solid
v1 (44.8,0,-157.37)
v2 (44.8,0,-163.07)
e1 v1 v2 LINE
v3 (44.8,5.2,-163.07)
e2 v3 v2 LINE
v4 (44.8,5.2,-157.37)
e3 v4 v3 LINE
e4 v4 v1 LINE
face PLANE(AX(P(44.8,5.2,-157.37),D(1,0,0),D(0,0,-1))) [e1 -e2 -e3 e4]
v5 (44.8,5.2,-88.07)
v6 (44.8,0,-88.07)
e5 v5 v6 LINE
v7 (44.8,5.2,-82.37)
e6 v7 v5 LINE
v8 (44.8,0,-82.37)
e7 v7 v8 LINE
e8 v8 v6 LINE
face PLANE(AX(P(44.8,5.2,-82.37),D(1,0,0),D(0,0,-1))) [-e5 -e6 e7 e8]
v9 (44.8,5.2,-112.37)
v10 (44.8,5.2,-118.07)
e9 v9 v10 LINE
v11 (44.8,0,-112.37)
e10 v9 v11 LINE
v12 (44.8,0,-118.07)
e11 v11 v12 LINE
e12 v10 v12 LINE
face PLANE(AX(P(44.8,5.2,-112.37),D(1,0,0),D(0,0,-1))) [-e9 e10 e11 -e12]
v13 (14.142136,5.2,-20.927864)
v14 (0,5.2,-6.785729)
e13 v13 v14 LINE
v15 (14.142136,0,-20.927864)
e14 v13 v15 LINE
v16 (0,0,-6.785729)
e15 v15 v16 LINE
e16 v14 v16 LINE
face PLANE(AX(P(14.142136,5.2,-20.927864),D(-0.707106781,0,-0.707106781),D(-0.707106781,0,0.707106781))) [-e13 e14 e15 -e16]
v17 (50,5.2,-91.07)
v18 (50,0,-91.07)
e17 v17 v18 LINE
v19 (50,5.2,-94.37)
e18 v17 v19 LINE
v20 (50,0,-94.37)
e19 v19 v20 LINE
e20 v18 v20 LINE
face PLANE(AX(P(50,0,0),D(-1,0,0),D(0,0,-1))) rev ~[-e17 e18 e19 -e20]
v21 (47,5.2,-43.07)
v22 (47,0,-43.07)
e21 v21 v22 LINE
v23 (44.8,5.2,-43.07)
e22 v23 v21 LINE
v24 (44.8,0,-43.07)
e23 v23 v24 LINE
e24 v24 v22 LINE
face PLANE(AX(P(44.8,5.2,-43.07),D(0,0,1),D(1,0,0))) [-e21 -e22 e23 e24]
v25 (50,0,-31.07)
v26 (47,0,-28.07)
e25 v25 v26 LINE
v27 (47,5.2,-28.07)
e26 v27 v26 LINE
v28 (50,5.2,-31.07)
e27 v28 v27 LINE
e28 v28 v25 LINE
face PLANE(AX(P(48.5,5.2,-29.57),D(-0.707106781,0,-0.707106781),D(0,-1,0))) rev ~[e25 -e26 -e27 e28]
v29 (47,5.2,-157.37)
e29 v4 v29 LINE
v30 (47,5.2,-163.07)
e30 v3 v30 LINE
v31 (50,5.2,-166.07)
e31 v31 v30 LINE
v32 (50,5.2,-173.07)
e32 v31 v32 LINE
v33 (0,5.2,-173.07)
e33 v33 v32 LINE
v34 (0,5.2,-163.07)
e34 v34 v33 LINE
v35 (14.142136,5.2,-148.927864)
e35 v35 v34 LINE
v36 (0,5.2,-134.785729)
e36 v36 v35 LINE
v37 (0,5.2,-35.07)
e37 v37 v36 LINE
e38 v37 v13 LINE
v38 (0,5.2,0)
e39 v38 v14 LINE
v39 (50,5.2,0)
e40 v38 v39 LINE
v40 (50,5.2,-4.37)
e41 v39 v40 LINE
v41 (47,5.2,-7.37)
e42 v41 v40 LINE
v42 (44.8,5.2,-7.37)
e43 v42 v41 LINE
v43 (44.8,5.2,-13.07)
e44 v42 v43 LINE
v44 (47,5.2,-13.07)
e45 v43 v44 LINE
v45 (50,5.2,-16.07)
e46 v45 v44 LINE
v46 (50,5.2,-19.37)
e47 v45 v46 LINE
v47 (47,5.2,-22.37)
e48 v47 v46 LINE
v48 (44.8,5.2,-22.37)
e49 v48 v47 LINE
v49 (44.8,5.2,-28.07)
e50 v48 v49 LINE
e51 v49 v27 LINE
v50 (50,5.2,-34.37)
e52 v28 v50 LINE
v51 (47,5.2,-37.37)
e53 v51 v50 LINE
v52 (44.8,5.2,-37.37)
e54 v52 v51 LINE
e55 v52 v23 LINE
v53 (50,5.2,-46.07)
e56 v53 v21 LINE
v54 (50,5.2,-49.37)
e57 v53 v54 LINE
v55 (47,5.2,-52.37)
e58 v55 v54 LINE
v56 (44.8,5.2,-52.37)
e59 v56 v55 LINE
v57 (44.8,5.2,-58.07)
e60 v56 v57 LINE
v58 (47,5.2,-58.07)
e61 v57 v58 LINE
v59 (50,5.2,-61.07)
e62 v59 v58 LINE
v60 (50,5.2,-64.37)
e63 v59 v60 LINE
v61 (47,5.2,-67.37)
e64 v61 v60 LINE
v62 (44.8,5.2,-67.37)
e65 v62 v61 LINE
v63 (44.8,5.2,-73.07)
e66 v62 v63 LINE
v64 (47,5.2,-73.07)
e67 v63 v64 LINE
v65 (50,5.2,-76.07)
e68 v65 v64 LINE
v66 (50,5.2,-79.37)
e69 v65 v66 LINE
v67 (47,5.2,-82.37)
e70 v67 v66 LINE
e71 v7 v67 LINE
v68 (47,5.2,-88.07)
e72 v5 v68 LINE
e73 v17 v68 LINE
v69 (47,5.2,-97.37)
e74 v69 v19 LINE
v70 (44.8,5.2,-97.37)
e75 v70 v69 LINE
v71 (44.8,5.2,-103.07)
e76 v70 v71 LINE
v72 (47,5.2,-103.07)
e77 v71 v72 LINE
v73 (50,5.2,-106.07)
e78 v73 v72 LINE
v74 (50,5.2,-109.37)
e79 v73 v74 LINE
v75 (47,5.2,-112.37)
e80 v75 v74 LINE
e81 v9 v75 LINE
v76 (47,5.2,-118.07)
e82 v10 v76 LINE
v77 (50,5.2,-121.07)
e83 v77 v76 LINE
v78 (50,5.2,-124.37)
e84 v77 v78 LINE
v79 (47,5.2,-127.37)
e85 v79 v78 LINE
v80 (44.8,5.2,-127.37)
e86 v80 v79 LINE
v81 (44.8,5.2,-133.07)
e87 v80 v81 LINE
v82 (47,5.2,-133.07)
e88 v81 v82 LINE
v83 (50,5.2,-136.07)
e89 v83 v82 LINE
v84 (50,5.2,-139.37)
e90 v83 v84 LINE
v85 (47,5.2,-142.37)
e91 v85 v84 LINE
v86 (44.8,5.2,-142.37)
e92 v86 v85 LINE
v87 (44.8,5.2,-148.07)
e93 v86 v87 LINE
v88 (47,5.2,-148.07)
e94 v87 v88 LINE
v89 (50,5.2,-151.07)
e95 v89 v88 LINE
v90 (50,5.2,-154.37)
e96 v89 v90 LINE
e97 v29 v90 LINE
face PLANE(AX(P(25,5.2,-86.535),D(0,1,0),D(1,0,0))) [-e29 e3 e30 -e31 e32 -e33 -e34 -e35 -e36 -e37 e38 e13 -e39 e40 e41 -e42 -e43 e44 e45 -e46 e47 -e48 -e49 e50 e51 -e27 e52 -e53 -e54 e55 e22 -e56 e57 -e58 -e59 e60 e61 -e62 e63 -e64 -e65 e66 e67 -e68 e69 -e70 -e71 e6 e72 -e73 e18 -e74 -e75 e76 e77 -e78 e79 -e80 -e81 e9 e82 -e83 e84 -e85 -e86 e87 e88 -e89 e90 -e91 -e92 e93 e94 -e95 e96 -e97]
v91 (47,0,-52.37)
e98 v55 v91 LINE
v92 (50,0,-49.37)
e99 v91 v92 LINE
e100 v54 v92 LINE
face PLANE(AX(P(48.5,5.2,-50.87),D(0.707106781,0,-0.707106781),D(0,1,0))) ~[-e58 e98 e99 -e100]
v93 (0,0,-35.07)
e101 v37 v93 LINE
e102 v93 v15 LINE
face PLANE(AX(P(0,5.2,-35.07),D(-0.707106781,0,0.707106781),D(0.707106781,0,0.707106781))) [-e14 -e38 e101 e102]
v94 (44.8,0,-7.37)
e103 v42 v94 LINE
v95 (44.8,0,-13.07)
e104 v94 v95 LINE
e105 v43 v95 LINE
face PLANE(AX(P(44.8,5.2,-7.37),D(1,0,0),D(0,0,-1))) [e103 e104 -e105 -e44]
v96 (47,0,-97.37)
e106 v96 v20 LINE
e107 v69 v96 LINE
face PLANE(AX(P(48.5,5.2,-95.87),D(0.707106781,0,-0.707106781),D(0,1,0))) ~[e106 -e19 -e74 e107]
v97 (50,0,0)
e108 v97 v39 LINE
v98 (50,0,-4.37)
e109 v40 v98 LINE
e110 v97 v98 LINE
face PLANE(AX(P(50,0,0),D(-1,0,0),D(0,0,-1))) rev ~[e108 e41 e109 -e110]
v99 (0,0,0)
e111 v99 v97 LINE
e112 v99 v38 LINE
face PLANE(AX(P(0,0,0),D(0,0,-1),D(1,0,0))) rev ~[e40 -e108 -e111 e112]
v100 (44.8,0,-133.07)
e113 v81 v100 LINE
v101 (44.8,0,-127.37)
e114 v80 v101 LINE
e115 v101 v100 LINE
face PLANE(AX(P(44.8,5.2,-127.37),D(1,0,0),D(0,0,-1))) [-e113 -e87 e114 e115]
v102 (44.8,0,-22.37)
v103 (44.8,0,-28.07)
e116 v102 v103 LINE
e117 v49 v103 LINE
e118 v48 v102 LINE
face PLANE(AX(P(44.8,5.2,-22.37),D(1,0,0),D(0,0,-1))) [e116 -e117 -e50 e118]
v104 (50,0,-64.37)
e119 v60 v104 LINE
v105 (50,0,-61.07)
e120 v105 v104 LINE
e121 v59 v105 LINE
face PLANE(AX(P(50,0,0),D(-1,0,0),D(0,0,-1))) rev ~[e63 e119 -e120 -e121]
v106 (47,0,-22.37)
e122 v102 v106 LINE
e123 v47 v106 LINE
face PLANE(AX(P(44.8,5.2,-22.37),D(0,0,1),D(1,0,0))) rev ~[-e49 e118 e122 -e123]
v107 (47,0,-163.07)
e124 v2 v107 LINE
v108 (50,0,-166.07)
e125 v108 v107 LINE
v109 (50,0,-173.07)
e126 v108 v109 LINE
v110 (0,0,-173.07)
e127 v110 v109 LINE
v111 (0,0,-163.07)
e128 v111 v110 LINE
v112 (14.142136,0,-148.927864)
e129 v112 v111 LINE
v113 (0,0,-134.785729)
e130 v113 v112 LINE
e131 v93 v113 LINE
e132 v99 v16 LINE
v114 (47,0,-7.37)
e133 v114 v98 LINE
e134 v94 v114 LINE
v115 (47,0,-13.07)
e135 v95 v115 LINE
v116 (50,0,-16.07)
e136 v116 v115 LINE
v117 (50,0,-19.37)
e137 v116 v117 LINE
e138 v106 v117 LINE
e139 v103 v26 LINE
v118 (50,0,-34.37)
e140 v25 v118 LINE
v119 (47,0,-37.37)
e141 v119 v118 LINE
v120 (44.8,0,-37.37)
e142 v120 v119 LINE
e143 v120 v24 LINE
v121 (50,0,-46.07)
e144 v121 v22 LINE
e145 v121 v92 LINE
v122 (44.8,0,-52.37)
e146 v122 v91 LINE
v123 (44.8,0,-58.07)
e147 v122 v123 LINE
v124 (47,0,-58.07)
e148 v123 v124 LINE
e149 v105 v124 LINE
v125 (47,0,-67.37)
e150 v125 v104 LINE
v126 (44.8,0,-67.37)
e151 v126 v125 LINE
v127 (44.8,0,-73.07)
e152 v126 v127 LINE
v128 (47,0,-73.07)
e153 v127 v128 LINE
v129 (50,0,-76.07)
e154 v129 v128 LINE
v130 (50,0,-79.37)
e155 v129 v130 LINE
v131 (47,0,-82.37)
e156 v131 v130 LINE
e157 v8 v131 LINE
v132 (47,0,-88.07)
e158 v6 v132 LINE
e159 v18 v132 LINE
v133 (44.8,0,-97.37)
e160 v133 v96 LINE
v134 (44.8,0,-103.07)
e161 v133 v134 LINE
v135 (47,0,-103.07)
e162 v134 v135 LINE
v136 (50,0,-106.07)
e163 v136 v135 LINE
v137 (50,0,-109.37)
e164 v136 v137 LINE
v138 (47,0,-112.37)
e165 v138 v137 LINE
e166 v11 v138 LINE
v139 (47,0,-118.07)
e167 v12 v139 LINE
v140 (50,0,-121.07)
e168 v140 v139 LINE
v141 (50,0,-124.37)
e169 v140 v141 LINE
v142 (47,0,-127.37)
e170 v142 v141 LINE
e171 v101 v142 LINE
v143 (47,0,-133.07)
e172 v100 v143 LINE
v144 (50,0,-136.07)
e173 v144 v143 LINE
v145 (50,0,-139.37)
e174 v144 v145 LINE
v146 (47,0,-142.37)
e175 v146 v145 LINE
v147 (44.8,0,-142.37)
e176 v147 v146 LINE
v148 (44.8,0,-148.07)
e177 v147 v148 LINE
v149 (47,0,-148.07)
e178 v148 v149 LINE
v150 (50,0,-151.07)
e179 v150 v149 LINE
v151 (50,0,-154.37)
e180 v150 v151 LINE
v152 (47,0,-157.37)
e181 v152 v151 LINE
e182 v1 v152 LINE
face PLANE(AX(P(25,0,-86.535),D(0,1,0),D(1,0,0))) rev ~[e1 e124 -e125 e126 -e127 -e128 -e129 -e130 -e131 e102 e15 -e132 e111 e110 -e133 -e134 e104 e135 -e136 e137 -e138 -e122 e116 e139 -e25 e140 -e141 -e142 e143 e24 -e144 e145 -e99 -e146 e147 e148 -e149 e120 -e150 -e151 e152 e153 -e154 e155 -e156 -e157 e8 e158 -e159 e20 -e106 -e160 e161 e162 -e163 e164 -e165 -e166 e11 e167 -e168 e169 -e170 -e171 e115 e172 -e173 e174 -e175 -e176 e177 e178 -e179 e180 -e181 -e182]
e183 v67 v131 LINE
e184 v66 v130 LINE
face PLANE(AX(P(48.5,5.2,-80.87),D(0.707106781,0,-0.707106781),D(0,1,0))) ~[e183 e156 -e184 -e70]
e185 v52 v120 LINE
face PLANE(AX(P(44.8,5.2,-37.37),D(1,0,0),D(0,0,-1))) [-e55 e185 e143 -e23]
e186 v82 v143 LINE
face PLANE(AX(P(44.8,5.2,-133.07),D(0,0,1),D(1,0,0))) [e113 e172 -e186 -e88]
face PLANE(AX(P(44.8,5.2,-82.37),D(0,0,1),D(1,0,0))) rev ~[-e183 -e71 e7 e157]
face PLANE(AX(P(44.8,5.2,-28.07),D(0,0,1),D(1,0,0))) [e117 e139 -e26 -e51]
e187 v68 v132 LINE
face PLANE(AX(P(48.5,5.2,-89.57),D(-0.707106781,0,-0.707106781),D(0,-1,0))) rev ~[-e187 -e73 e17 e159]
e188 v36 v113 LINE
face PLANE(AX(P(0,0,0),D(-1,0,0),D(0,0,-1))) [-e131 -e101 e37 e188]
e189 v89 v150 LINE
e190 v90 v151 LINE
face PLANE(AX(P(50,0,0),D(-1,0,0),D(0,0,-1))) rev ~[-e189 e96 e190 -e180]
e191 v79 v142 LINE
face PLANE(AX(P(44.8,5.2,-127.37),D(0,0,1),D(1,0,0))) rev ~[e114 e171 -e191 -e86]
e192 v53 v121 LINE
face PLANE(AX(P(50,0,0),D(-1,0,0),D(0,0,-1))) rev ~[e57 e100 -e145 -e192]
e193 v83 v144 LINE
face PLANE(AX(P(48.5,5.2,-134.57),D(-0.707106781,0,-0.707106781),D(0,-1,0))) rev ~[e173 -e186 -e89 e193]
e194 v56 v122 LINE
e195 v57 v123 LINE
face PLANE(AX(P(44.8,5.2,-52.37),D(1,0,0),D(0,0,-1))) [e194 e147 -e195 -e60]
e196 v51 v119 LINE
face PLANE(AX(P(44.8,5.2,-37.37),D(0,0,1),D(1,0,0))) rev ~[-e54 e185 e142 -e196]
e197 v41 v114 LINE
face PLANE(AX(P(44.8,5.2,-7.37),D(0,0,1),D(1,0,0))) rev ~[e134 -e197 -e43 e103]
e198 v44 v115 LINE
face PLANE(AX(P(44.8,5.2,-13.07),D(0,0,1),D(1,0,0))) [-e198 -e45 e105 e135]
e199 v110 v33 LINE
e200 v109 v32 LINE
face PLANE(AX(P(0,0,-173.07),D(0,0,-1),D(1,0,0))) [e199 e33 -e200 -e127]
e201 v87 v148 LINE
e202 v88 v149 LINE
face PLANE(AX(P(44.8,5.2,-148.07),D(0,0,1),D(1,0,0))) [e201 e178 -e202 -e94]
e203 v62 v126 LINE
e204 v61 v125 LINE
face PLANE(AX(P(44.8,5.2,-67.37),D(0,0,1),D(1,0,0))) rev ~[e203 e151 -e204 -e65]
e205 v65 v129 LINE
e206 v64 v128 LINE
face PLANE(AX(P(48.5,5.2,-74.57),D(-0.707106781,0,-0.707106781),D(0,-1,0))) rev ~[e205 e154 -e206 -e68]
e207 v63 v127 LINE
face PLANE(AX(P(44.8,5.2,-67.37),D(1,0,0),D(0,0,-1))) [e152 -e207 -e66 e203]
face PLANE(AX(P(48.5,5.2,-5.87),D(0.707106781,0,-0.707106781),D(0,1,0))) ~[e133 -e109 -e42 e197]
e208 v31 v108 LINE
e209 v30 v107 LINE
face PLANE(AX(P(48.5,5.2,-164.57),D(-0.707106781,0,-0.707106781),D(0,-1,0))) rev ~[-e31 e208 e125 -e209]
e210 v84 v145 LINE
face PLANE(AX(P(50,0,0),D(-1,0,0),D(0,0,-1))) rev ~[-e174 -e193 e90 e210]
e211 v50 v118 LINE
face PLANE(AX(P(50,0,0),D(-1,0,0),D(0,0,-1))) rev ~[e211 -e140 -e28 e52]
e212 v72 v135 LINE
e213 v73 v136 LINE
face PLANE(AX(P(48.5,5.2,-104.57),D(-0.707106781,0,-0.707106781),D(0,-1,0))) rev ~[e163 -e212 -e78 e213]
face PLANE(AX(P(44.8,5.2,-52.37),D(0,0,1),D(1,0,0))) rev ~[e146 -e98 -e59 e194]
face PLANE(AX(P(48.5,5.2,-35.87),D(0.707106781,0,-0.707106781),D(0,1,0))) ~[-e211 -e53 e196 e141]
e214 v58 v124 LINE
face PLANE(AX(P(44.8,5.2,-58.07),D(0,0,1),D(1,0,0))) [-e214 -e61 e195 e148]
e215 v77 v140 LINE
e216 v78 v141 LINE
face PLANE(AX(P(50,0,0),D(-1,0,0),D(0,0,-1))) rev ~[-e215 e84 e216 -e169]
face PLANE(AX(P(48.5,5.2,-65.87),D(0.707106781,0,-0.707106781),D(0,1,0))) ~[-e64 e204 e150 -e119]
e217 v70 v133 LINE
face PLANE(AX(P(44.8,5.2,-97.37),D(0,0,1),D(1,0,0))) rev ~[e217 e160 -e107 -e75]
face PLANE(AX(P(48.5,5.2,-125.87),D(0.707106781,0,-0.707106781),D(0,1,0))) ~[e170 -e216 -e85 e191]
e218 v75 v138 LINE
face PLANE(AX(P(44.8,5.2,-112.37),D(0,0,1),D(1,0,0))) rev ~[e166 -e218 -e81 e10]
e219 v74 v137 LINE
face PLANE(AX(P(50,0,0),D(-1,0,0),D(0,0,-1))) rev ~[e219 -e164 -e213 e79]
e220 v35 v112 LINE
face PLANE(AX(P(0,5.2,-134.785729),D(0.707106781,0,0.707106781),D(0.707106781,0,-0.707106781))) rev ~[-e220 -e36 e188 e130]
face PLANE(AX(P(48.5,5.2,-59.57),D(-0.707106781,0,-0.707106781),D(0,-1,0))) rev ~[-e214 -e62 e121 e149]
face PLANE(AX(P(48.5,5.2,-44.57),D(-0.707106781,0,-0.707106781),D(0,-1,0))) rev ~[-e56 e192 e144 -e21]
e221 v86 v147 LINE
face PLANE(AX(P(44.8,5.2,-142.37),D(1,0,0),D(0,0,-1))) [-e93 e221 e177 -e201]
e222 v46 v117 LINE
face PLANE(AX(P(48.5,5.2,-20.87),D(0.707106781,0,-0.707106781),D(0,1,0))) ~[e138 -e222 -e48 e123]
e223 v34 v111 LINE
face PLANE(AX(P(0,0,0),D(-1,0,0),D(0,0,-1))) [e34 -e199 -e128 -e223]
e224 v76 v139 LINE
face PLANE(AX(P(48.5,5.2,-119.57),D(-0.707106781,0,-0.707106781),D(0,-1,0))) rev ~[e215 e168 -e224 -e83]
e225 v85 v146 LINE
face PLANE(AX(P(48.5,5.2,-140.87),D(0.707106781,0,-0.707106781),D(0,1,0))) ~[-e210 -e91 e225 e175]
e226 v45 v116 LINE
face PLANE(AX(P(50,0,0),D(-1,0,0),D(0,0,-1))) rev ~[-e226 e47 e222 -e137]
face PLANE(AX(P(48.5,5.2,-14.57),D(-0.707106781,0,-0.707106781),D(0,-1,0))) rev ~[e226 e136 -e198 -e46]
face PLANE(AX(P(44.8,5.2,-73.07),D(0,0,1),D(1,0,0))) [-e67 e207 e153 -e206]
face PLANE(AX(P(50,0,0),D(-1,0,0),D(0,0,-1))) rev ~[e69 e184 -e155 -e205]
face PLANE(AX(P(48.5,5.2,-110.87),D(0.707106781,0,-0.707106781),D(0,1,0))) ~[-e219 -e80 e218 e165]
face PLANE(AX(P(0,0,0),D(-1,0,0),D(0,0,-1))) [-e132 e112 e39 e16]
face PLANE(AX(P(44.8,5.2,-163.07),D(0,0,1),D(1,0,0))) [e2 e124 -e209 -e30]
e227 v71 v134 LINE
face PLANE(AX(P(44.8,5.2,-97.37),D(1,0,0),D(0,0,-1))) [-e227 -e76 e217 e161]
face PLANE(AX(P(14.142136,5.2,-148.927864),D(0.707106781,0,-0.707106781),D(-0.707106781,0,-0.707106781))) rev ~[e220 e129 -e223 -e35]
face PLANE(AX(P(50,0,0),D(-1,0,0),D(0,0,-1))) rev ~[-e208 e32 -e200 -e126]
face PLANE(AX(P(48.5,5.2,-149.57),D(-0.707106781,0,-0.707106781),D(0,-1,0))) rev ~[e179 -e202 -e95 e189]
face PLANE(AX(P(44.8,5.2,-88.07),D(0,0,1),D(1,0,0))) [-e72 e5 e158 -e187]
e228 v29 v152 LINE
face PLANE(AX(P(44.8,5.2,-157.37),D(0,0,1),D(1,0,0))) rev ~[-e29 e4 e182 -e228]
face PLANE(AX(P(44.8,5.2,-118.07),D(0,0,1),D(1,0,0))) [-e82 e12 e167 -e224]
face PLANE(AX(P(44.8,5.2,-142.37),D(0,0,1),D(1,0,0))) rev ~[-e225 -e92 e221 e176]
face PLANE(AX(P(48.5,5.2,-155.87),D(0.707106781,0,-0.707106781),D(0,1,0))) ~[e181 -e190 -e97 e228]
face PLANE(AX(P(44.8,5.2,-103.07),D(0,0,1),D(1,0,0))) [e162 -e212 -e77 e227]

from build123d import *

# Parameters (mm, degrees)
SKETCH1_W                  = 50
SKETCH1_H                  = 173.07
BOSS_EXTRUDE1_DEPTH        = 5.2
CUT_EXTRUDE1_DEPTH         = 6
SKETCH4_W                  = 5.2
SKETCH4_H                  = 5.7
CUT_EXTRUDE2_DEPTH         = 6
CHAMFER1_SIZE              = 3
LPATTERN1_COUNT            = 11
LPATTERN1_PITCH            = 15
CHAMFER1_OF_LPATTERN1_SIZE = 3


with BuildPart() as part:
    # Sketch1 → Boss-Extrude1 (new body)
    with BuildSketch(Plane(origin=(0, 0, 0), x_dir=(1, 0, 0), z_dir=(0, 1, 0))):
        with Locations((25, 86.535)):
            Rectangle(SKETCH1_W, SKETCH1_H)
    extrude(amount=BOSS_EXTRUDE1_DEPTH)

    # Sketch2 → Cut-Extrude1 (cut)
    with BuildSketch(Plane(origin=(0, 5.2, 0), x_dir=(1, 0, 0), z_dir=(0, 1, 0))):
        Polygon((0, 134.785728753), (14.142135624, 148.927864376), (0, 163.07), align=None)
        Polygon((14.142135624, 20.927864376), (0, 6.785728753), (0, 35.07), align=None)
    extrude(amount=-CUT_EXTRUDE1_DEPTH, mode=Mode.SUBTRACT)

    # Sketch4 → Cut-Extrude2 (cut)
    with BuildSketch(Plane(origin=(0, 5.2, 0), x_dir=(1, 0, 0), z_dir=(0, 1, 0))):
        with Locations((47.4, 160.22)):
            Rectangle(SKETCH4_W, SKETCH4_H)
    cut_extrude2 = extrude(amount=-CUT_EXTRUDE2_DEPTH, mode=Mode.SUBTRACT)

    # Chamfer1
    chamfer1_edges = [part.edges().sort_by_distance(p)[0] for p in [
        (50, 2.6, -163.07),
        (50, 2.6, -157.37),
    ]]
    chamfer(chamfer1_edges, length=CHAMFER1_SIZE)

    # LPattern1: Cut-Extrude2 ×11
    with Locations(*[(0, 0, i * LPATTERN1_PITCH) for i in range(1, LPATTERN1_COUNT)]):
        add(cut_extrude2, mode=Mode.SUBTRACT)

    # Chamfer1 of LPattern1
    chamfer1_of_lpattern1_edges = [part.edges().sort_by_distance(p)[0] for p in [
        (50, 2.6, -148.07),
        (50, 2.6, -142.37),
        (50, 2.6, -133.07),
        (50, 2.6, -127.37),
        (50, 2.6, -118.07),
        (50, 2.6, -112.37),
        (50, 2.6, -103.07),
        (50, 2.6, -97.37),
        (50, 2.6, -88.07),
        (50, 2.6, -82.37),
        (50, 2.6, -73.07),
        (50, 2.6, -67.37),
        (50, 2.6, -58.07),
        (50, 2.6, -52.37),
        (50, 2.6, -43.07),
        (50, 2.6, -37.37),
        (50, 2.6, -28.07),
        (50, 2.6, -22.37),
        (50, 2.6, -13.07),
        (50, 2.6, -7.37),
    ]]
    chamfer(chamfer1_of_lpattern1_edges, length=CHAMFER1_OF_LPATTERN1_SIZE)


solid = part.part
